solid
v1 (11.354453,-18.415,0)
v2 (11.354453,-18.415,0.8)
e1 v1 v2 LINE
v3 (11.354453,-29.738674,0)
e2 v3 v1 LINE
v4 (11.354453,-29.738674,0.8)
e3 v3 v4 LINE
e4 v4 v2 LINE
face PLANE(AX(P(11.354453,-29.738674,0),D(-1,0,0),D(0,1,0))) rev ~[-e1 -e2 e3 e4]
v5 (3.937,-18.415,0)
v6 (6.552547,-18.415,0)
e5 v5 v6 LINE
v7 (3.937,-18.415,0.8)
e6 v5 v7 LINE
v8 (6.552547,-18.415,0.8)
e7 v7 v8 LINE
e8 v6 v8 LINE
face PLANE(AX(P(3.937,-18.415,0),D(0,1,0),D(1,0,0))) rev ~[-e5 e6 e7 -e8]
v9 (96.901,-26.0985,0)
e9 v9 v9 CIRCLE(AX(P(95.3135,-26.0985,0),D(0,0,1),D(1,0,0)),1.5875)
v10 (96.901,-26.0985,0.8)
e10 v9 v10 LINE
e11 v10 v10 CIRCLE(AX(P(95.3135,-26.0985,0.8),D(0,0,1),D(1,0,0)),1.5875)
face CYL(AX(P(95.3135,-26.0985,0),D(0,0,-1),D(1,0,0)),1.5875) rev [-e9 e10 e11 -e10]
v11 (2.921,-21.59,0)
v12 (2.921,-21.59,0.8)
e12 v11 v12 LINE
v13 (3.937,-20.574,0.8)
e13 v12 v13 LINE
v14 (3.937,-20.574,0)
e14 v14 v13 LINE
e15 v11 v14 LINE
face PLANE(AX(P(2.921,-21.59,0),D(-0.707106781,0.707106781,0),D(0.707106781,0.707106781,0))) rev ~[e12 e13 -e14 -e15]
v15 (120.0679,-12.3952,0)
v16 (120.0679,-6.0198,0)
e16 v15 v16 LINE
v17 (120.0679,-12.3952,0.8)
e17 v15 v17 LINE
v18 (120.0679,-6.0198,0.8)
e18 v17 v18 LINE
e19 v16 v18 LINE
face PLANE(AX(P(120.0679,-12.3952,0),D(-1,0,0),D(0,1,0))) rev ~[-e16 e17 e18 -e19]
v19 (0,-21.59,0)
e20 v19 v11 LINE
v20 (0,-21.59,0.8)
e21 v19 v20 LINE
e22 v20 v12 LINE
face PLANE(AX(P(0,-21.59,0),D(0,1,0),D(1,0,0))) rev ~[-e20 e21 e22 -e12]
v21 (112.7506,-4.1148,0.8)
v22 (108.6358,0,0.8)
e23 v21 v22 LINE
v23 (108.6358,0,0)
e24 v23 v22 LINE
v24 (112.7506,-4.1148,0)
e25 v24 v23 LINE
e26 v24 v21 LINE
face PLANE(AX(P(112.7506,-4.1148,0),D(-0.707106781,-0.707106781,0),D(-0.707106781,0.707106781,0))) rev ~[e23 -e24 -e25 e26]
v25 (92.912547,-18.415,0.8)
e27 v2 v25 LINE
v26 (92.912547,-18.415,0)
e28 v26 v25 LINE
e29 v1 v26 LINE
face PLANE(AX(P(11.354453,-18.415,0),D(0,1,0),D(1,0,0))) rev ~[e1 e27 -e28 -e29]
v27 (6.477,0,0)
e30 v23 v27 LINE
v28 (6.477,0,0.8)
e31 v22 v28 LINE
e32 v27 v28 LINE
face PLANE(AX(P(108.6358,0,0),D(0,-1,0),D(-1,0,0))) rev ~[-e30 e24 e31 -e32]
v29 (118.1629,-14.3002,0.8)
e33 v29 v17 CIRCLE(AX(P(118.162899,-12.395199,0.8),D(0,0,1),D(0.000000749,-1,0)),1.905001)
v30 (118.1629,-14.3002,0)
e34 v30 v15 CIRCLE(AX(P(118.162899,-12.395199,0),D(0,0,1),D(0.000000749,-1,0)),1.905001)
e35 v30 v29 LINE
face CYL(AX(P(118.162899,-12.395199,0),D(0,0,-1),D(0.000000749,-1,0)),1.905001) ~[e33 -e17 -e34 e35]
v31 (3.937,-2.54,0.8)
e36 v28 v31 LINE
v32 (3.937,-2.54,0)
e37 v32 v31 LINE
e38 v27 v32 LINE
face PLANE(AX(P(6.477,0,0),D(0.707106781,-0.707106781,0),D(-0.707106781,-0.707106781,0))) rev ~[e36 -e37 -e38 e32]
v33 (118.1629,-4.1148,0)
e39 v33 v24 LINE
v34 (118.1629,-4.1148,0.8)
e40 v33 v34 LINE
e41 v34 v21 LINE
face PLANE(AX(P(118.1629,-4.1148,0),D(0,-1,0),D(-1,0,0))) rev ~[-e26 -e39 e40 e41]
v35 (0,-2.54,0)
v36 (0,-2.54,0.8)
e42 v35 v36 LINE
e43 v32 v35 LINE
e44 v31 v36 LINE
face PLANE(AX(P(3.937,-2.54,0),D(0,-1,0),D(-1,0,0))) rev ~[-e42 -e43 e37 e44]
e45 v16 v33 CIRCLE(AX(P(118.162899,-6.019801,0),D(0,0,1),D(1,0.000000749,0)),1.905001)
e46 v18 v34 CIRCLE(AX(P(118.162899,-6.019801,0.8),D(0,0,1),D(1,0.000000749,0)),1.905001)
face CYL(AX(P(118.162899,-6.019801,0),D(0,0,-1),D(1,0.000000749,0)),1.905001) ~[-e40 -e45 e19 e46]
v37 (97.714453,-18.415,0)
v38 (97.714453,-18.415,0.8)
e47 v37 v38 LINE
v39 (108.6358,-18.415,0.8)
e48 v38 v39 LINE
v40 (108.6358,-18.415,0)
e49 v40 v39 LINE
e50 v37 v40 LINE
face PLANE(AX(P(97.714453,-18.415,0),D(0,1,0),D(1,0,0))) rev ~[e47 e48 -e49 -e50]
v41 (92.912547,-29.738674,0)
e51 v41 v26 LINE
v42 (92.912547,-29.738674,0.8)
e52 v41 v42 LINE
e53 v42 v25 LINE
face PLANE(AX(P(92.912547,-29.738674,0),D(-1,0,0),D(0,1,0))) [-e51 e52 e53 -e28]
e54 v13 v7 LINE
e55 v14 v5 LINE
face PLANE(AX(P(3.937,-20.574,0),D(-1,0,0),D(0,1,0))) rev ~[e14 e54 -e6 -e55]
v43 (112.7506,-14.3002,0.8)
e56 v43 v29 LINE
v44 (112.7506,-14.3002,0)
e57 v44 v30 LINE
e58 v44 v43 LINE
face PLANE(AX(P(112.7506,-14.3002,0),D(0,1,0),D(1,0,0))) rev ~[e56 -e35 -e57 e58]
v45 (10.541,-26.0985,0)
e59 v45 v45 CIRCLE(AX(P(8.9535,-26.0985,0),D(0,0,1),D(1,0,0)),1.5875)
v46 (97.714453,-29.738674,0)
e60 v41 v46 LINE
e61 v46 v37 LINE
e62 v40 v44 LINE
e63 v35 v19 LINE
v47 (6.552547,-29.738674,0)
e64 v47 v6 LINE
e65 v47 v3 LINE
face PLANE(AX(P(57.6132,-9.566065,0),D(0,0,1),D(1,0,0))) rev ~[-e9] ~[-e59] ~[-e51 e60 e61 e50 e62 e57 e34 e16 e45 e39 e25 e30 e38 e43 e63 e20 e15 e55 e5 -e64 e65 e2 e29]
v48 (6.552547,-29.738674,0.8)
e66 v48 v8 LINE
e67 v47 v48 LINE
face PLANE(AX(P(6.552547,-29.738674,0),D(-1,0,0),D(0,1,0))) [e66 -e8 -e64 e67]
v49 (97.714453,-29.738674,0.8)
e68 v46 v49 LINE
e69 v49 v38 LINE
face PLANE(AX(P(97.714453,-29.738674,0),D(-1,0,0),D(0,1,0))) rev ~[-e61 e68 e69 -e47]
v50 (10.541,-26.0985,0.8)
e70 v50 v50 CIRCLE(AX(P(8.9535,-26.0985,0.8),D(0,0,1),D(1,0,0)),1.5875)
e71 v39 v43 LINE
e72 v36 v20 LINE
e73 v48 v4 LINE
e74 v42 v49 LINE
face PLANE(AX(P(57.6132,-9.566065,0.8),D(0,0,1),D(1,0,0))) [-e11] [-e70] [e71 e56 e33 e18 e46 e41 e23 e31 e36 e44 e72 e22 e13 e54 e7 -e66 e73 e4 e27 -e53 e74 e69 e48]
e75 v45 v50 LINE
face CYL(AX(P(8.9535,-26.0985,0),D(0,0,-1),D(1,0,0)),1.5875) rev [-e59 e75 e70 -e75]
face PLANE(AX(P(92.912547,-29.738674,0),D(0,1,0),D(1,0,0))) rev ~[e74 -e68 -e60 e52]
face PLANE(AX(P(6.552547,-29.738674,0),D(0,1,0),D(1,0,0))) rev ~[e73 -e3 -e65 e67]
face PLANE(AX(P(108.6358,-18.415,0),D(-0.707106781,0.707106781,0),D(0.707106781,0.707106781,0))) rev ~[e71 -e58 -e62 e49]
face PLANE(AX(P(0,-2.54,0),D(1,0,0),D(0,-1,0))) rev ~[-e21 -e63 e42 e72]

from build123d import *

# Parameters (mm, degrees)
F0_W     = 4.801906
F0_H     = 11.323674
F0_R     = 1.5875
F1_DEPTH = 0.8


with BuildPart() as f1:
    # F0 (on Top) → F1 (new body)
    with BuildSketch(Plane.XY):
        with BuildLine():
            ThreePointArc((120.0679, -6.0198), (119.509938, -4.672762), (118.1629, -4.1148))
            Line((118.1629, -4.1148), (112.7506, -4.1148))
            Line((112.7506, -4.1148), (108.6358, 0))
            Line((108.6358, 0), (6.477, 0))
            Line((6.477, 0), (3.937, -2.54))
            Line((3.937, -2.54), (0, -2.54))
            Line((0, -2.54), (0, -18.415))
            Line((0, -18.415), (0, -21.59))
            Line((0, -21.59), (2.921, -21.59))
            Line((2.921, -21.59), (3.937, -20.574))
            Line((3.937, -20.574), (3.937, -18.415))
            Line((3.937, -18.415), (6.552547, -18.415))
            Line((6.552547, -18.415), (11.354453, -18.415))
            Line((11.354453, -18.415), (92.912547, -18.415))
            Line((92.912547, -18.415), (97.714453, -18.415))
            Line((97.714453, -18.415), (108.6358, -18.415))
            Line((108.6358, -18.415), (112.7506, -14.3002))
            Line((112.7506, -14.3002), (118.1629, -14.3002))
            ThreePointArc((118.1629, -14.3002), (119.509938, -13.742238), (120.0679, -12.3952))
            Line((120.0679, -12.3952), (120.0679, -6.0198))
        make_face()
        with Locations((8.9535, -24.076837)):
            Rectangle(F0_W, F0_H)
        with Locations((8.9535, -26.0985)):
            Circle(F0_R, mode=Mode.SUBTRACT)
        with Locations((95.3135, -24.076837)):
            Rectangle(F0_W, F0_H)
        with Locations((95.3135, -26.0985)):
            Circle(F0_R, mode=Mode.SUBTRACT)
    extrude(amount=F1_DEPTH)


solid = f1.part
